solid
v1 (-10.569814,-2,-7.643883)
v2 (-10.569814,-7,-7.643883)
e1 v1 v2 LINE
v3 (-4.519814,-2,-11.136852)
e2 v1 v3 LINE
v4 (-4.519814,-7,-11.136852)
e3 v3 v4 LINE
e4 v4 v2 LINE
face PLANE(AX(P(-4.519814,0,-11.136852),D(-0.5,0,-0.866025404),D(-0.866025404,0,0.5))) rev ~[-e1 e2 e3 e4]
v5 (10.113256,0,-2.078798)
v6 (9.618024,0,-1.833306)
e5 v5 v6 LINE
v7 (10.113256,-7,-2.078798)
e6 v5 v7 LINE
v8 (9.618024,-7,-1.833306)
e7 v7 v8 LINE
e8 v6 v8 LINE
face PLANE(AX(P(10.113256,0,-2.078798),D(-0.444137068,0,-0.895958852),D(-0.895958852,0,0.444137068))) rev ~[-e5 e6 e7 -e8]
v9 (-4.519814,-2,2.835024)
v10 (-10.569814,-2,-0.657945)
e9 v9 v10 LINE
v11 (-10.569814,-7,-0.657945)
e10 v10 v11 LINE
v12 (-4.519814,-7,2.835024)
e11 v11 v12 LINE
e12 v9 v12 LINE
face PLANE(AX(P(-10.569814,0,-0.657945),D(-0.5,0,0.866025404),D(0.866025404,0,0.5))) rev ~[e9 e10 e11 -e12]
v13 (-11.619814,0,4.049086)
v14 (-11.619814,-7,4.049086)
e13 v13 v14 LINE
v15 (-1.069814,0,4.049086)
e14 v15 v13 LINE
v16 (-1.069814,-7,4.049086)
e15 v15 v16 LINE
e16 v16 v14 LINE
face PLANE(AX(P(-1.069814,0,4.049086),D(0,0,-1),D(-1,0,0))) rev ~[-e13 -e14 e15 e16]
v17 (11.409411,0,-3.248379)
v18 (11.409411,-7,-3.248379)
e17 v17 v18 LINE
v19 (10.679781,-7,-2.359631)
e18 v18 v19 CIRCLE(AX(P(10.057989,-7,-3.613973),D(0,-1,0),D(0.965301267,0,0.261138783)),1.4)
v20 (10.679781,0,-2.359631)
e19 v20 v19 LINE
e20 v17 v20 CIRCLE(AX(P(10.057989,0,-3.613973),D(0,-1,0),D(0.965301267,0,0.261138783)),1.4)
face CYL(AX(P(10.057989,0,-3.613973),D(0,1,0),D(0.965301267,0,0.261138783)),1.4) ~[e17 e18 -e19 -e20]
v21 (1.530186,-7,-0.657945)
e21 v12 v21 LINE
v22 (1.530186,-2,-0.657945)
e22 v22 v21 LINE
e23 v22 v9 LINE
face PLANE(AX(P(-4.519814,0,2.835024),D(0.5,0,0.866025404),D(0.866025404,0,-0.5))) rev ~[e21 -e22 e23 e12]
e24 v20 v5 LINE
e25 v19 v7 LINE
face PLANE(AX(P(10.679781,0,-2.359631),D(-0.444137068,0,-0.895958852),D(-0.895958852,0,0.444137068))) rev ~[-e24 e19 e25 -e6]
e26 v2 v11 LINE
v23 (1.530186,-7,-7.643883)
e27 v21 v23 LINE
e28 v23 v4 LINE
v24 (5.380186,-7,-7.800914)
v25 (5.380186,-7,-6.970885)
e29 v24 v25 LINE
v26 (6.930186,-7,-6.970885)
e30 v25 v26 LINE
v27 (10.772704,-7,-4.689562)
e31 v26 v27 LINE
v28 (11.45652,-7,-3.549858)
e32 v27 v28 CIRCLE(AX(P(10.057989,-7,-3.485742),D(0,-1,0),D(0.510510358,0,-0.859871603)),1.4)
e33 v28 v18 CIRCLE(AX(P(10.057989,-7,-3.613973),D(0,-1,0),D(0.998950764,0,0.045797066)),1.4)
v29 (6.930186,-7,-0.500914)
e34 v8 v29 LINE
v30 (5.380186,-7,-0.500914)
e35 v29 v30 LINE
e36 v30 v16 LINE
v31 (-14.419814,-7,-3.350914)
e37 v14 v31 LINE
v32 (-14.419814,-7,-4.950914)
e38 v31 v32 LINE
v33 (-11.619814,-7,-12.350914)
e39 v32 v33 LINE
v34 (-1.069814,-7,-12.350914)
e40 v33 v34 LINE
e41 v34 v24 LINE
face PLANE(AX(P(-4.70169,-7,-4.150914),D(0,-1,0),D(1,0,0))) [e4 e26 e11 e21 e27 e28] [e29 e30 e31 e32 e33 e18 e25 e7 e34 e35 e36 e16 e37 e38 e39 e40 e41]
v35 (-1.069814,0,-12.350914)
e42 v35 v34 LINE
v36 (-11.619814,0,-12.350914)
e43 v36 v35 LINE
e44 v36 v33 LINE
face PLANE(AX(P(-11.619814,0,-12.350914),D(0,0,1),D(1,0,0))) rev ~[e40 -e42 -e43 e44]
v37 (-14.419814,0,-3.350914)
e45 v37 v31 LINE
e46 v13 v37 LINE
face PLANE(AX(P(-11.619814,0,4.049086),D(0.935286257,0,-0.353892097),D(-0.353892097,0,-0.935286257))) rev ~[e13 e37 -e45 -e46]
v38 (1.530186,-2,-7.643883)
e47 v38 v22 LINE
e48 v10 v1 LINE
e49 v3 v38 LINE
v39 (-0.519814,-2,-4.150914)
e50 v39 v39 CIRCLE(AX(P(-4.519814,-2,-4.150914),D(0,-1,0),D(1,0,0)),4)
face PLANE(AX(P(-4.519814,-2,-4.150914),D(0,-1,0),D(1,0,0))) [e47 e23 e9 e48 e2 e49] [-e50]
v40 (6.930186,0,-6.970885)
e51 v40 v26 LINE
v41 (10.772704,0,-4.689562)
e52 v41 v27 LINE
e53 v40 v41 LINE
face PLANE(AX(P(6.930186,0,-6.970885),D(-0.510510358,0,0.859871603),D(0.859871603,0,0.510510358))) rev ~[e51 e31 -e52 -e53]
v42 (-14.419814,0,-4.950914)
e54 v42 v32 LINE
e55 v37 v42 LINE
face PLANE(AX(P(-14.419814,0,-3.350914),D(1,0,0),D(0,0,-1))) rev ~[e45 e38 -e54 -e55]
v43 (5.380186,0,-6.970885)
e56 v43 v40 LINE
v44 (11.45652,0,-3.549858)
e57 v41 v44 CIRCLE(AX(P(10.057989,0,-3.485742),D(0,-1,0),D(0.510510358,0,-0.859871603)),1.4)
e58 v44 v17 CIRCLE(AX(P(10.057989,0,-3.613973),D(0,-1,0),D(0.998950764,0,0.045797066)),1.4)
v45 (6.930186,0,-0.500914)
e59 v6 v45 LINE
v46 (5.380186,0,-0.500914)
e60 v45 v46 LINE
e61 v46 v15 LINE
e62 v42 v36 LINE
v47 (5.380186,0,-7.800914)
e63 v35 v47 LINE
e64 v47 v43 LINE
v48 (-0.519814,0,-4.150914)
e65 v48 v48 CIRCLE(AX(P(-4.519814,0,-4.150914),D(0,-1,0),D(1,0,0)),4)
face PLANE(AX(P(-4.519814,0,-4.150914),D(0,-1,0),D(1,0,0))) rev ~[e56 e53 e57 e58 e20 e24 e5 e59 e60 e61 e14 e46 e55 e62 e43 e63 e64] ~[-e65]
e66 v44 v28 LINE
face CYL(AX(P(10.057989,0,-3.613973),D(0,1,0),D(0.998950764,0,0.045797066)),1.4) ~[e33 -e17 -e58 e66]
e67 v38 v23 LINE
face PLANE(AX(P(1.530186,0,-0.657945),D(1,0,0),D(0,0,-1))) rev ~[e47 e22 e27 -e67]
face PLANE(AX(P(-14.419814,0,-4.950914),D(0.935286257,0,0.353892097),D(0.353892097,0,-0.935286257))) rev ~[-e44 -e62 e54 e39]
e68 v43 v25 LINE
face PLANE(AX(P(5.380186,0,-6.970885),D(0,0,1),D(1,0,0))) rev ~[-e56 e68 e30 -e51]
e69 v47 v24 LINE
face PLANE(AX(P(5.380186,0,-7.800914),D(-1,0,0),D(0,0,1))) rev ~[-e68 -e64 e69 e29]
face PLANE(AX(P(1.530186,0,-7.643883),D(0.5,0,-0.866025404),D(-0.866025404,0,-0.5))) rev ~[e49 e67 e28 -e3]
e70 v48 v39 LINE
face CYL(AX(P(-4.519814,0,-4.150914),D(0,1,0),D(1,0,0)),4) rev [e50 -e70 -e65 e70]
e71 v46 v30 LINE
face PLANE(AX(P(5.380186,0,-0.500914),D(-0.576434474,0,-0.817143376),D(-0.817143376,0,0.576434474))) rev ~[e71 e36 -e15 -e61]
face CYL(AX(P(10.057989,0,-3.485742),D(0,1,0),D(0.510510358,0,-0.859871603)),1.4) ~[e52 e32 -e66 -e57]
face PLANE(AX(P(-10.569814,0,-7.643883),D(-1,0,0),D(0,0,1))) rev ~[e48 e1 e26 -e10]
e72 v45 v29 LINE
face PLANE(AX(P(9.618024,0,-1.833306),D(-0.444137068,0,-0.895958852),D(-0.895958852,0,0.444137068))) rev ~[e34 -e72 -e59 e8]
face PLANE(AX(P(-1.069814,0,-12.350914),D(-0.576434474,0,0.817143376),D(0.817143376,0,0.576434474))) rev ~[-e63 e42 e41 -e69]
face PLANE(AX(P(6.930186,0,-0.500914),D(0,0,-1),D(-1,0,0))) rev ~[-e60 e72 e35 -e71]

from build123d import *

# Parameters (mm, degrees)
F1_DEPTH = 7
F0_R     = 4
F2_DEPTH = 2


with BuildPart() as f1:
    # F0 (on Front) → F1 (new body)
    with BuildSketch(Plane.XZ):
        Polygon((-1.0698140982, 4.0490861801), (-11.6198140982, 4.0490861801), (-14.4198140982, -3.3509138199), (-14.4198140982, -4.9509138199), (-11.6198140982, -12.3509138199), (-1.0698140982, -12.3509138199), (5.3801859018, -7.8009138199), (5.3801859018, -6.9708852422), (5.3801859018, -0.5009138199), align=None)
        Polygon((1.5301859018, -0.6579446913), (1.5301859018, -7.6438829485), (-4.5198140982, -11.1368520771), (-10.5698140982, -7.6438829485), (-10.5698140982, -0.6579446913), (-4.5198140982, 2.8350244373), align=None, mode=Mode.SUBTRACT)
        with BuildLine():
            Line((6.9301859018, -0.5009138199), (5.3801859018, -0.5009138199))
            Line((5.3801859018, -0.5009138199), (5.3801859018, -6.9708852422))
            Line((5.3801859018, -6.9708852422), (6.9301859018, -6.9708852422))
            Line((6.9301859018, -6.9708852422), (10.7727036603, -4.6895619497))
            ThreePointArc((10.7727036603, -4.6895619497), (11.2584820634, -4.2060310818), (11.4565202284, -3.5498575968))
            ThreePointArc((11.4565202284, -3.5498575968), (11.4412037001, -3.3978310982), (11.4094109325, -3.248379192))
            Line((11.4094109325, -3.248379192), (10.6692053247, -3.248379192))
            ThreePointArc((10.6692053247, -3.248379192), (8.1008458295, -4.0583049575), (9.6180241196, -1.8333060186))
            Line((9.6180241196, -1.8333060186), (6.9301859018, -0.5009138199))
        make_face()
        with BuildLine():
            Line((10.679781054, -2.3596310954), (10.1132564961, -2.0787983815))
            ThreePointArc((10.1132564961, -2.0787983815), (10.5230870147, -2.5788610544), (10.6697620079, -3.2085515952))
            ThreePointArc((10.6697620079, -3.2085515952), (10.6696228303, -3.2284673388), (10.6692053247, -3.248379192))
            Line((10.6692053247, -3.248379192), (11.4094109325, -3.248379192))
            ThreePointArc((11.4094109325, -3.248379192), (11.140052623, -2.7256387208), (10.679781054, -2.3596310954))
        make_face()
        with BuildLine():
            Line((10.1132564961, -2.0787983815), (9.6180241196, -1.8333060186))
            ThreePointArc((9.6180241196, -1.8333060186), (8.1008458295, -4.0583049575), (10.6692053247, -3.248379192))
            ThreePointArc((10.6692053247, -3.248379192), (10.6696228303, -3.2284673388), (10.6697620079, -3.2085515952))
            ThreePointArc((10.6697620079, -3.2085515952), (10.5230870147, -2.5788610544), (10.1132564961, -2.0787983815))
        make_face()
    extrude(amount=F1_DEPTH)

    # F0 (on Front) → F2 (join)
    with BuildSketch(Plane.XZ):
        Polygon((-4.5198140982, -11.1368520771), (1.5301859018, -7.6438829485), (1.5301859018, -0.6579446913), (-4.5198140982, 2.8350244373), (-10.5698140982, -0.6579446913), (-10.5698140982, -7.6438829485), align=None)
        with Locations((-4.5198140982, -4.1509138199)):
            Circle(F0_R, mode=Mode.SUBTRACT)
    extrude(amount=F2_DEPTH)


solid = f1.part
